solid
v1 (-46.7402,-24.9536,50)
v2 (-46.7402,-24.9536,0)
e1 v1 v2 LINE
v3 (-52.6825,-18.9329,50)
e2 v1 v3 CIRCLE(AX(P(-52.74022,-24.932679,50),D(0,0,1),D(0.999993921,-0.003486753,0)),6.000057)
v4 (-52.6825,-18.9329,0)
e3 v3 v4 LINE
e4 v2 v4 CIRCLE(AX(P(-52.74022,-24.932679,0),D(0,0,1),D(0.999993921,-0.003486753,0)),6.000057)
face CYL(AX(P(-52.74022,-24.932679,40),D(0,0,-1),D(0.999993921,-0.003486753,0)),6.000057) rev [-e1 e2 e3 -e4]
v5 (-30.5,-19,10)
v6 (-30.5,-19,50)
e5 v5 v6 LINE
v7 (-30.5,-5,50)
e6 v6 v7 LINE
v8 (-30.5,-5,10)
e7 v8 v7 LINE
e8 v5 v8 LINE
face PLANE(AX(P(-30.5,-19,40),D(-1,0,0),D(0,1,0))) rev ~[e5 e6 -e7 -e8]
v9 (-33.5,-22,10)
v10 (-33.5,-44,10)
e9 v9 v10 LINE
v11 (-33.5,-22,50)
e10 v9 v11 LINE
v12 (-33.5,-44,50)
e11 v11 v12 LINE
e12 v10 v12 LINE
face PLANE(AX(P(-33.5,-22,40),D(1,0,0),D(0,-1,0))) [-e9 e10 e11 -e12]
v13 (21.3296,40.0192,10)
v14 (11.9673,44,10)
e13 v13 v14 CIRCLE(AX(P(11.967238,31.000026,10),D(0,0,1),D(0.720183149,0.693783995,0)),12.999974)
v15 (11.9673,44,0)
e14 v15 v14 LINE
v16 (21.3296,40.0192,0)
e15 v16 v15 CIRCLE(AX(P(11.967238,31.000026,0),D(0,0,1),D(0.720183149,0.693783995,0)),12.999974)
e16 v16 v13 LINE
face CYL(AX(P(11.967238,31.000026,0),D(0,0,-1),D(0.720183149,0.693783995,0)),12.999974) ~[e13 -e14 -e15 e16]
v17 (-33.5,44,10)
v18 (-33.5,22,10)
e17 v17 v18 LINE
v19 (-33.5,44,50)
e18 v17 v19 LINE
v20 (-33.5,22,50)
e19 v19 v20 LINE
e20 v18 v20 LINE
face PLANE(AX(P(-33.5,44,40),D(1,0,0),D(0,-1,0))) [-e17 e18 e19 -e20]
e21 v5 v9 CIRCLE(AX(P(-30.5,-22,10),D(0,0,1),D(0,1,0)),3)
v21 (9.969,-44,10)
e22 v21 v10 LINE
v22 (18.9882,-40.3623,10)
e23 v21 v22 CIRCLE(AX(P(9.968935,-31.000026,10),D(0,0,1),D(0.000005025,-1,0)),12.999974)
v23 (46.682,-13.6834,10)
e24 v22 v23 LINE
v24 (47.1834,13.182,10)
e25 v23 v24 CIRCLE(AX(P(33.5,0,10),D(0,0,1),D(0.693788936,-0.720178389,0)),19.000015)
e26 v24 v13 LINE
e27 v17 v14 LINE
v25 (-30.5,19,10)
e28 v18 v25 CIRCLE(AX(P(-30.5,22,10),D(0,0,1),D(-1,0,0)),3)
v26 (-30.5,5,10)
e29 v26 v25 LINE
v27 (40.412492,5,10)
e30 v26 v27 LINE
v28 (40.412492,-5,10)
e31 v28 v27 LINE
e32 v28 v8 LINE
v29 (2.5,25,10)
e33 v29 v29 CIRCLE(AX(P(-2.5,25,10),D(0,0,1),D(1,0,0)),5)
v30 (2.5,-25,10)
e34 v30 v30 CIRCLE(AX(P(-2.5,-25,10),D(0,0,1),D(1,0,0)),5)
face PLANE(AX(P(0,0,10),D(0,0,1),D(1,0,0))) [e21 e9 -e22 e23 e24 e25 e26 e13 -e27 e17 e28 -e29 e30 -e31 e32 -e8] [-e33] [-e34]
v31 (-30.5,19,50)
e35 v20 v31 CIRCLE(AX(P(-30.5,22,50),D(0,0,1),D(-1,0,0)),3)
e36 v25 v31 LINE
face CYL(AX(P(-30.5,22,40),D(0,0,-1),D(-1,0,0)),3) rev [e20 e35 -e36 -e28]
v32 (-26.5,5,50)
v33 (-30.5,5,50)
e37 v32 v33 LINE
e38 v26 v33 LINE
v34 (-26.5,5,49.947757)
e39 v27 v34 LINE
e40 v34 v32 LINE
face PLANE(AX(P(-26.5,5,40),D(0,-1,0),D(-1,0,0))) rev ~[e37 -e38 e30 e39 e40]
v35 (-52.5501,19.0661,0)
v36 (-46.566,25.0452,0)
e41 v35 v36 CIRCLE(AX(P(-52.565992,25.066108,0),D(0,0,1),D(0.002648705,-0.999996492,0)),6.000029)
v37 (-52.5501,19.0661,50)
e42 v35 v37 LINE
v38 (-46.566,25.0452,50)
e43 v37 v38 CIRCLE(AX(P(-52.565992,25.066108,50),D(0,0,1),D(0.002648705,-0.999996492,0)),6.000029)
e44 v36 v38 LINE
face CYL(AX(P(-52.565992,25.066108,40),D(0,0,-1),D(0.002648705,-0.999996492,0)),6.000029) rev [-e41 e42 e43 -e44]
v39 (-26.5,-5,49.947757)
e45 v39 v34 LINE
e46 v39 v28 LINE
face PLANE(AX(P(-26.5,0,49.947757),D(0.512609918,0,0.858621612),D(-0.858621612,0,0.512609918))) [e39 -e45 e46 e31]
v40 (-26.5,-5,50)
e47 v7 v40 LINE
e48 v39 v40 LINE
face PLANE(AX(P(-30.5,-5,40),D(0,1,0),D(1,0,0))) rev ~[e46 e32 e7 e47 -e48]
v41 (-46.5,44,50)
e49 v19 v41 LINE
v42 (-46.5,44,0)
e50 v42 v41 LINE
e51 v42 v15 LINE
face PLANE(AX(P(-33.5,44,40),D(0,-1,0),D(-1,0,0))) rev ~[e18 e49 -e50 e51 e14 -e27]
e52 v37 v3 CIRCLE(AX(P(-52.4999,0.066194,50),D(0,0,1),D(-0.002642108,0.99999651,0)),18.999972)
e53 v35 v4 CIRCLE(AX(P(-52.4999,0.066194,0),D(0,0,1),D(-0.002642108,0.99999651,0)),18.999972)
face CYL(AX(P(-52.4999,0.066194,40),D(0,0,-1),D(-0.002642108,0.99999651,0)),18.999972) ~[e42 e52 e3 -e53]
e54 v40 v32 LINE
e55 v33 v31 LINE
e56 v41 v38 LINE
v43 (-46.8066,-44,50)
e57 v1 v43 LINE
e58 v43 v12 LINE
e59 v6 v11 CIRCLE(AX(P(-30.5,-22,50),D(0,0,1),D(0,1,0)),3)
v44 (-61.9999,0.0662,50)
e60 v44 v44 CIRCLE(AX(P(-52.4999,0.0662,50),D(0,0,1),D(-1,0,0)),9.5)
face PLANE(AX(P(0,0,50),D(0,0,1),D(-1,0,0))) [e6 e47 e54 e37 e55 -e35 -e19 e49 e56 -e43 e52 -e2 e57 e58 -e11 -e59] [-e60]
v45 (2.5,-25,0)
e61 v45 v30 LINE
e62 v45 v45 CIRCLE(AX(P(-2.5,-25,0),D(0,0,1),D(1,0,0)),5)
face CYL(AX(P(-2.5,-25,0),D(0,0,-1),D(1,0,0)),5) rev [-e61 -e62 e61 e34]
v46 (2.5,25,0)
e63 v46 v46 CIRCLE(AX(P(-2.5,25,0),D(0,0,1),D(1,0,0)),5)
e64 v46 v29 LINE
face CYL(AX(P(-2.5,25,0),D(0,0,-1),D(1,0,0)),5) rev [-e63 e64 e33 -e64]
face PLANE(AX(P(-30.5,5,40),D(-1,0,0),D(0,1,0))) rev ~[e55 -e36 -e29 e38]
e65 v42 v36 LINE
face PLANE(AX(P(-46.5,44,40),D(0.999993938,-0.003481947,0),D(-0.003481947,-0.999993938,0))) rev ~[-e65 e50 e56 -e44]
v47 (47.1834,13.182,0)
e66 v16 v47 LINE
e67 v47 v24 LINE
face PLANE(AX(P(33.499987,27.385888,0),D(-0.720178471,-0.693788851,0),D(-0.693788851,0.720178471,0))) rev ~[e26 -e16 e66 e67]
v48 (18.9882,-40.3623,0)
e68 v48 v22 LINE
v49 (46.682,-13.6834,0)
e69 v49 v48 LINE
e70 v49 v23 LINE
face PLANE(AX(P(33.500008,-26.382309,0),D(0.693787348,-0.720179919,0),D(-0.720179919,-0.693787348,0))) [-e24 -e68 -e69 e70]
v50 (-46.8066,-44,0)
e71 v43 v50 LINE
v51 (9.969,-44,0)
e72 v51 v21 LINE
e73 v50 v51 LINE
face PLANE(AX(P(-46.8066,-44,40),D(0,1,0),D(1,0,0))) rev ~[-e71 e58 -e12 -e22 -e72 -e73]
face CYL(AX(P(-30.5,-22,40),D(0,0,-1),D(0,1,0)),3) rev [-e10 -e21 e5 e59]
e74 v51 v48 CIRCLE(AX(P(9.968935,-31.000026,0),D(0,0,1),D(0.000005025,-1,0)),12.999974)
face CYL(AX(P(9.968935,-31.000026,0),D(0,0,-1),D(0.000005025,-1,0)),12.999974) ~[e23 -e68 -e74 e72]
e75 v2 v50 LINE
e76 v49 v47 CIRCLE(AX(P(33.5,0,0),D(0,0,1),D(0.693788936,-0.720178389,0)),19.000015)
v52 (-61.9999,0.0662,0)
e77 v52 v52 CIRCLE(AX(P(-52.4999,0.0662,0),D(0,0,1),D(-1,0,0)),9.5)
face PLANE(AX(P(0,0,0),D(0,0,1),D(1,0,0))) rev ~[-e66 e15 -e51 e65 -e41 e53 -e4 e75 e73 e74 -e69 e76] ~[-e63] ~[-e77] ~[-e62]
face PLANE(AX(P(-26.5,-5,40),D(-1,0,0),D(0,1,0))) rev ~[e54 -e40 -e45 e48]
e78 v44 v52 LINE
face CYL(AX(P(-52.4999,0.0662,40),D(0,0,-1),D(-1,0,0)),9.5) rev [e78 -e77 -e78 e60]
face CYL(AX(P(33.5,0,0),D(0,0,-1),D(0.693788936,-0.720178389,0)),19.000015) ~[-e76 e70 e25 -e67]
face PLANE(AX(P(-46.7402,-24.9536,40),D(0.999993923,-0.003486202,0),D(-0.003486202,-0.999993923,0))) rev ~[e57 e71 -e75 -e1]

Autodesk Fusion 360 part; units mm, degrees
sketch "Sketch1" plane through (0, 0, 0) normal (0, 0, 1) x (1, 0, 0)
  line L0 (9.969, -44) -> (-33.5, -44)
  line L1 (-33.5, -44) -> (-33.5, 44)
  line L2 (-33.5, 44) -> (11.9673, 44)
  arc A0 (46.682, -13.6834) -> (47.1834, 13.182) centre (33.5, 0) ccw
  line L3 (46.682, -13.6834) -> (18.9882, -40.3623)
  line L4 (47.1834, 13.182) -> (21.3296, 40.0192)
  circle A1 centre (-2.5, 25) radius 5
  circle A2 centre (-2.5, -25) radius 5
  arc A3 (21.3296, 40.0192) -> (11.9673, 44) centre (11.9673, 31) ccw
  line L5 (33.5, 27.3859) -> (33.5, 25)
  line L6 (33.5, -25) -> (33.5, -26.3823)
  line L7 (-2.5, -25) -> (-1.5636, -25) construction
  arc A4 (9.969, -44) -> (18.9882, -40.3623) centre (9.969, -31) ccw
  dimension "d4" = 88
  dimension "d6" = 19
  dimension "d10" = 10
  dimension "d11" = 10
extrude "Extrude1" add sketch "Sketch1" along normal blind 10 makes body 1
sketch "Sketch2" plane through (0, 0, 10) normal (0, 0, 1) x (-1, 0, 0)
  circle A0 centre (2.5, -25) radius 5
  circle A1 centre (2.5, 25) radius 5
  line L0 (33.5, 44) -> (-9.969, 44)
  arc A2 (-9.969, 44) -> (-18.9882, 40.3623) centre (-9.969, 31) ccw
  line L1 (-18.9882, 40.3623) -> (-46.682, 13.6834)
  arc A3 (-46.682, 13.6834) -> (-47.1834, -13.182) centre (-33.5, 0) ccw
  line L2 (-47.1834, -13.182) -> (-21.3296, -40.0192)
  arc A4 (-21.3296, -40.0192) -> (-11.9673, -44) centre (-11.9673, -31) ccw
  line L3 (-11.9673, -44) -> (33.5, -44)
  line L4 (33.5, -44) -> (33.5, 44)
  line L5 (46.8066, 44) -> (33.5, 44)
  line L6 (30.5, 19) -> (30.5, 5)
  line L7 (30.5, 5) -> (26.5, 5)
  line L8 (26.5, 5) -> (26.5, -5)
  line L9 (26.5, -5) -> (30.5, -5)
  line L10 (30.5, -5) -> (30.5, -19)
  line L11 (33.5, -44) -> (46.5, -44)
  line L12 (33.5, 0) -> (52.4999, -0.0662) construction
  circle A5 centre (52.4999, -0.0662) radius 9.5
  line L13 (46.5, -44) -> (46.566, -25.0452)
  line L14 (46.7402, 24.9536) -> (46.8066, 44)
  arc A6 (52.5501, -19.0661) -> (52.6825, 18.9329) centre (52.4999, -0.0662) ccw
  arc A7 (33.5, 0) -> (33.5, -0.1324) centre (52.4999, -0.0662) ccw
  arc A8 (52.5501, -19.0661) -> (46.566, -25.0452) centre (52.566, -25.0661) ccw
  arc A9 (46.7402, 24.9536) -> (52.6825, 18.9329) centre (52.7402, 24.9327) ccw
  arc A10 (33.5, -22) -> (30.5, -19) centre (30.5, -22) ccw
  arc A11 (30.5, 19) -> (33.5, 22) centre (30.5, 22) ccw
  dimension "d17" = 4
  dimension "d19" = 38
  dimension "d21" = 13
  dimension "d22" = 10
  dimension "d23" = 14
  dimension "d25" = 19
  dimension "d27" = 19
  dimension "d28" = 6
  dimension "d29" = 6
  dimension "d30" = 3
  dimension "d31" = 3
extrude "Extrude2" add sketch "Sketch2" against normal blind 10 separate body contours L4 L5 L11 L13 L14 A6 A7 A8 A9 | L4 L6 L7 L8 L9 L10 A7 A10 A11 makes body 2
extrude "Extrude3" add 1 faces at (-37.9134, -30.3179, 10) along direction (0, 0, 1) blind 30 on bodies 2 bodies 2 1
extrude "Extrude5" add 1 faces at (-37.9134, -30.3179, 40) along direction (0, 0, 1) blind 10 on bodies 2 bodies 2
sketch "Sketch4" plane through (0, 0, 0) normal (0, 1, 0) x (1, 0, 0)
  line L0 (-26.5123, -49.9551) -> (-26.5123, -9.9551)
  line L1 (-26.5123, -9.9551) -> (40.4877, -9.9551)
  line L2 (40.4877, -9.9551) -> (-26.5123, -49.9551)
  line L3 (-26.5, -10) -> (-26.5, -50)
  dimension "d43" = 40
  dimension "d44" = 67
  dimension "d45" = 40
extrude "Extrude6" add sketch "Sketch4" along normal mid plane 10 bodies 2
